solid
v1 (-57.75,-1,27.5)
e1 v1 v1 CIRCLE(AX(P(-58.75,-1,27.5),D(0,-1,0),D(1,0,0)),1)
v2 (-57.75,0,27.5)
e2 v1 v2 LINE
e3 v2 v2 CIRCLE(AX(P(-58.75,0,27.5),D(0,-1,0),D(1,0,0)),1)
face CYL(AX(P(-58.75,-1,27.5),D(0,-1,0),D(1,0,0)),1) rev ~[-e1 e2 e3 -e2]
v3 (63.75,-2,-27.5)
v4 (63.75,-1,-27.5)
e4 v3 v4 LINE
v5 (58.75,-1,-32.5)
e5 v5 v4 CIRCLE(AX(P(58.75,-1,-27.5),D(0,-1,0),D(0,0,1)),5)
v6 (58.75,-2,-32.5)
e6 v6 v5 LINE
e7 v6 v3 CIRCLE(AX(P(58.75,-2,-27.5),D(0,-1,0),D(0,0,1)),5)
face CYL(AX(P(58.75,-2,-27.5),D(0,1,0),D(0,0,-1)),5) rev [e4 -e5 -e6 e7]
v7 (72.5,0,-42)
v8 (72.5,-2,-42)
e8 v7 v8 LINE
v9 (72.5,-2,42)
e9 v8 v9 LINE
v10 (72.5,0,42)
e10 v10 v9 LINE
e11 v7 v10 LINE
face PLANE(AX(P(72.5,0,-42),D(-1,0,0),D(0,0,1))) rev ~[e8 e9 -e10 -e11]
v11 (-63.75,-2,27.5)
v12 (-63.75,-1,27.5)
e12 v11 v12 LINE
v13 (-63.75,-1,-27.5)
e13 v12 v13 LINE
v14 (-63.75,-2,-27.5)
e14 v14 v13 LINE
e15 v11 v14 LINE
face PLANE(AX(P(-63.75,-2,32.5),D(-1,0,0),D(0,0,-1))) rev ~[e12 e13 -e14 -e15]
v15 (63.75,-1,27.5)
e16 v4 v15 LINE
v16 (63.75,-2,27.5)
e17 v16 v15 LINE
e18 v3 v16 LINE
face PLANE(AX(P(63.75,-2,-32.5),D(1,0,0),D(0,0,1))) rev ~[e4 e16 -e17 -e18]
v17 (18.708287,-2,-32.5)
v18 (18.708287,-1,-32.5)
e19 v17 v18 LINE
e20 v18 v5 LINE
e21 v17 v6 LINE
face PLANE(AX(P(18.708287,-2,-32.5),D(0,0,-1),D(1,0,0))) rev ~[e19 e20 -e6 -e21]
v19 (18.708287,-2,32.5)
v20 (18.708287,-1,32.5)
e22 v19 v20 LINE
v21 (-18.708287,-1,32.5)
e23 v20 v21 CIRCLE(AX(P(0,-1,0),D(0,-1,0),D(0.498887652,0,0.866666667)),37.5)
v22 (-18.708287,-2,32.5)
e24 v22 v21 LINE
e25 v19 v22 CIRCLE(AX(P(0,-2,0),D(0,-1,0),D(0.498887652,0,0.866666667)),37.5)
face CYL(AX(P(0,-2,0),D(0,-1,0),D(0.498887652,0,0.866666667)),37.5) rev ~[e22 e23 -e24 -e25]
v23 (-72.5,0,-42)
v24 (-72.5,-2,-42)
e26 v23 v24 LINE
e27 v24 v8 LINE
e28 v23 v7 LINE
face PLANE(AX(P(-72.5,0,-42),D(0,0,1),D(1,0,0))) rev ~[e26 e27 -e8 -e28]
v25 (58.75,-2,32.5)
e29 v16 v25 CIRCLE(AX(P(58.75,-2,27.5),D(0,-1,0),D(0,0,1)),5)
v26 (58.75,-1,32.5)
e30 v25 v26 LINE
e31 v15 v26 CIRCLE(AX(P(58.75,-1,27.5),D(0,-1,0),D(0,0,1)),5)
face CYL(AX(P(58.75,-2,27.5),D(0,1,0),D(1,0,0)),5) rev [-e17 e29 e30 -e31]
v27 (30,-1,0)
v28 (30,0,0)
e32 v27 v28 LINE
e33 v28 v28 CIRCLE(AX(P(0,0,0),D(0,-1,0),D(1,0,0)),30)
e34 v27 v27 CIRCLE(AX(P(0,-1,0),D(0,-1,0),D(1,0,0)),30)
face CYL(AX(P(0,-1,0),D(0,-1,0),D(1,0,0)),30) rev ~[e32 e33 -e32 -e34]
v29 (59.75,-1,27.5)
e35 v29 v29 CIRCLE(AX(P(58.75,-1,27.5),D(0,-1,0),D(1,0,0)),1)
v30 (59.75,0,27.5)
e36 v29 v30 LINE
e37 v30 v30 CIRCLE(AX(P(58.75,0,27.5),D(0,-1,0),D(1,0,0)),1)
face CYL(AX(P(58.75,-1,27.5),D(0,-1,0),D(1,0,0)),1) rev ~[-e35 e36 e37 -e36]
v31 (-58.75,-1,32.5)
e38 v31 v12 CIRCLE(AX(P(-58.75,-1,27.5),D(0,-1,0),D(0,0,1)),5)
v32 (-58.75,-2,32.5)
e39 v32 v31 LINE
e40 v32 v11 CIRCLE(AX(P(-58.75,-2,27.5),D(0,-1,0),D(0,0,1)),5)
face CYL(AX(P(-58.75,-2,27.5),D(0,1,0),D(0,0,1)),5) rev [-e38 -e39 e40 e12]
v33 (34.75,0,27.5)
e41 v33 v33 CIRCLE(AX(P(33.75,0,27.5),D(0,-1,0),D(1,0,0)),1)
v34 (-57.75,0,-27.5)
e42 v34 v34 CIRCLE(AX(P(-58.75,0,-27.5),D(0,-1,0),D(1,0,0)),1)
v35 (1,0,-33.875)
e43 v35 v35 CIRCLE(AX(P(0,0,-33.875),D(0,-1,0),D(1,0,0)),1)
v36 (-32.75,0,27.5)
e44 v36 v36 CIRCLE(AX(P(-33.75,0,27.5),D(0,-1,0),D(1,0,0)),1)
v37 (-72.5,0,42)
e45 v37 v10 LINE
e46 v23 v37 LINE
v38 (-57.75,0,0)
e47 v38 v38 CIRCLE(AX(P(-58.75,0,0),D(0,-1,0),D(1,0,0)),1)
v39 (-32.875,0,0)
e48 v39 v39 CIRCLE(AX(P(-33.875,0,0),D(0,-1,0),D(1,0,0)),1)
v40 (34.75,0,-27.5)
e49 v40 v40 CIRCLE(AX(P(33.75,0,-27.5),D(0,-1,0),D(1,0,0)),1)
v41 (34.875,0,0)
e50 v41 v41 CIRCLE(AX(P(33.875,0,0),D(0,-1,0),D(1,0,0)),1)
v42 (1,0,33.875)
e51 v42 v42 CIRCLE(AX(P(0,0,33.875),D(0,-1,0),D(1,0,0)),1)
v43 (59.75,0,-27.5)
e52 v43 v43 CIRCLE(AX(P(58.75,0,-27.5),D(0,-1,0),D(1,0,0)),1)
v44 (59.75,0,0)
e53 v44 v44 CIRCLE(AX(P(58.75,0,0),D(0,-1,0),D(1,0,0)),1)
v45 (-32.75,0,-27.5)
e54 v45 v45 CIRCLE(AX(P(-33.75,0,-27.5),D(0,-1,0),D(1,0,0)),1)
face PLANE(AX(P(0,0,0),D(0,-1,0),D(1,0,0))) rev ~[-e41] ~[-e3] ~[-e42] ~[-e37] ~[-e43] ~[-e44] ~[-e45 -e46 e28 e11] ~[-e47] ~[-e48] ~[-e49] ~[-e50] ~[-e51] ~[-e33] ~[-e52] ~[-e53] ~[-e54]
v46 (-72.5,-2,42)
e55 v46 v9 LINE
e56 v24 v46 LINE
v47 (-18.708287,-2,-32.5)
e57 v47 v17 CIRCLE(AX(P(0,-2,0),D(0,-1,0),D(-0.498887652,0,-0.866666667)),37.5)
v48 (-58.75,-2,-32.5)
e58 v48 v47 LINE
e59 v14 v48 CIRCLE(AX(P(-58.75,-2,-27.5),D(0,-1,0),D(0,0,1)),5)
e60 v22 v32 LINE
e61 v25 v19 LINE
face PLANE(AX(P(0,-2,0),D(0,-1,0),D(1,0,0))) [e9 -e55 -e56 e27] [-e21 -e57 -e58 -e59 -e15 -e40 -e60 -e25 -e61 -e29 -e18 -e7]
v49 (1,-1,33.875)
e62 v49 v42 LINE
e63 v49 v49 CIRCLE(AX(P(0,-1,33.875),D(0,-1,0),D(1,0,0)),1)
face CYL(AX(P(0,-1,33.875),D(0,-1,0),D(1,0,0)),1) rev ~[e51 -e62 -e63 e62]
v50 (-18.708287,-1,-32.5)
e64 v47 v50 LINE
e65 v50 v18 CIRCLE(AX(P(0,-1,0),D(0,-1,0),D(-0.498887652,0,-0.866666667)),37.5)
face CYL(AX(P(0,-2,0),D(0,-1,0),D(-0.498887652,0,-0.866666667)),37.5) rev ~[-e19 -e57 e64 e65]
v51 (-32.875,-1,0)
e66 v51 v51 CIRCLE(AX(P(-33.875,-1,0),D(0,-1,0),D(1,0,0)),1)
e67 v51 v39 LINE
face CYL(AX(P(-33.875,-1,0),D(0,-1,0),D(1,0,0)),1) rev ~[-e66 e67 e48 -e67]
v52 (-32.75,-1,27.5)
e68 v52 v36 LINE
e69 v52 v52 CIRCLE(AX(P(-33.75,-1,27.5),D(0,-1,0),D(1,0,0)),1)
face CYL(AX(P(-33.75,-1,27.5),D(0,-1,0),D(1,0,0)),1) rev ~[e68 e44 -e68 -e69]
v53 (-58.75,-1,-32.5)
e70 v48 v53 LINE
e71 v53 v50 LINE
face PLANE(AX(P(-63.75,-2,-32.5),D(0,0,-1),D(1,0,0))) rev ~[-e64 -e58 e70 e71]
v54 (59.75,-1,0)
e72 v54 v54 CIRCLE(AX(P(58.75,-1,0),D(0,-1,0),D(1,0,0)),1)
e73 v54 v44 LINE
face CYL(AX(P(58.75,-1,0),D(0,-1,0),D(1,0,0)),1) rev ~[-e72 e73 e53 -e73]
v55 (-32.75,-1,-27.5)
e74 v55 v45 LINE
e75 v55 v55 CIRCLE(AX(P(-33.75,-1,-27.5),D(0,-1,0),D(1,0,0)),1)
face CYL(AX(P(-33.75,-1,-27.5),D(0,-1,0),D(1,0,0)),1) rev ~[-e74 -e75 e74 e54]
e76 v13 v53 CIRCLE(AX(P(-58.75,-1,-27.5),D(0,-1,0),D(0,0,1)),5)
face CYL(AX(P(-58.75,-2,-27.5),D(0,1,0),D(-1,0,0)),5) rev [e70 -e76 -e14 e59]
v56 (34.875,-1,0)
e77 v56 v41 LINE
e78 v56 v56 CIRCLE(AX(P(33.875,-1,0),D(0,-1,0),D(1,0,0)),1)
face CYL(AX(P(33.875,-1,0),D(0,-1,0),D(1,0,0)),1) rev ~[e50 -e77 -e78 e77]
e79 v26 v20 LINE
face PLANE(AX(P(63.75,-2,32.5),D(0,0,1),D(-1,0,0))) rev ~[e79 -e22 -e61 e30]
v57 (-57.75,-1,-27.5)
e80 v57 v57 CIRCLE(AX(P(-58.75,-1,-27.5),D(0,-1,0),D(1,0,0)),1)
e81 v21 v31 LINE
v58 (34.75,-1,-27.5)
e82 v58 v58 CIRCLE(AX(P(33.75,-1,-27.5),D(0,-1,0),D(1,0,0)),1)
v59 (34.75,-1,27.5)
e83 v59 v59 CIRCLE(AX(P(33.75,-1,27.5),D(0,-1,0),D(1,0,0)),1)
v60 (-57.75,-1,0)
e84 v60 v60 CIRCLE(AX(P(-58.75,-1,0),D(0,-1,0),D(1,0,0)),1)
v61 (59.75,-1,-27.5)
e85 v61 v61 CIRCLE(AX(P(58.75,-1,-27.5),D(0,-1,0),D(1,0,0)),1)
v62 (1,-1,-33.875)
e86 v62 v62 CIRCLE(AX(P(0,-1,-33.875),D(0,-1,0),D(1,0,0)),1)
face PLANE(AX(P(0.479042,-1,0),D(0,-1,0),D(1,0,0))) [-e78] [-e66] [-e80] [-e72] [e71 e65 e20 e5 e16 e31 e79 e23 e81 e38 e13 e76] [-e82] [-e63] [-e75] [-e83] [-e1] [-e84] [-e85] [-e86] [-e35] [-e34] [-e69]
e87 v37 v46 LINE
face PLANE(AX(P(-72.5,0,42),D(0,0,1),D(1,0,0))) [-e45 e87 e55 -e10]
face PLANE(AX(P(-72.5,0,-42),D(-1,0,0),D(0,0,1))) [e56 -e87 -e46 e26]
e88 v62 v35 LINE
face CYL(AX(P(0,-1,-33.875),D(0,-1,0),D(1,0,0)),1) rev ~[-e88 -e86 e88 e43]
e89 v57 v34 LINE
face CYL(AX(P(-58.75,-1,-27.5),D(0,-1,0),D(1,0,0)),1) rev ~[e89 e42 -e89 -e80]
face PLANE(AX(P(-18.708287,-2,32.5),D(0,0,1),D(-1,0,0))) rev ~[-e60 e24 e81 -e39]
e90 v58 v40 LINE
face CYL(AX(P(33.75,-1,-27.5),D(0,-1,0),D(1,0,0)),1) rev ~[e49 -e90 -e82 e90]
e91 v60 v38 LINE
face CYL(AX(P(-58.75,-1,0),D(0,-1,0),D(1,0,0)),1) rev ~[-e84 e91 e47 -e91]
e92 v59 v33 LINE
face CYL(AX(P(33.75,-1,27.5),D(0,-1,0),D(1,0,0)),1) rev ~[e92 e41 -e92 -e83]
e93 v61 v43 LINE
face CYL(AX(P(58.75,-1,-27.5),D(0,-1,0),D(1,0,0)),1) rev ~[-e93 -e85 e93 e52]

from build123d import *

# Parameters (mm, degrees)
F0_W     = 145
F0_H     = 84
F1_DEPTH = 2
F3_DEPTH = 1
F4_R     = 30
F5_DEPTH = 25
F6_R     = 1
F7_DEPTH = 25
F8_R     = 1
F9_DEPTH = 25
F10_R    = 5


with BuildPart() as f1:
    # F0 (on Front) → F1 (new body)
    with BuildSketch(Plane.XZ):
        Rectangle(F0_W, F0_H)
    extrude(amount=F1_DEPTH)

    # F2 (on face) → F3 (cut)
    with BuildSketch(Plane.XZ.offset(2)):
        with BuildLine():
            ThreePointArc((18.7082869339, -32.5), (32.4639088837, -18.7708449461), (37.5, 0))
            ThreePointArc((37.5, 0), (32.4639088837, 18.7708449461), (18.7082869339, 32.5))
            Line((18.7082869339, 32.5), (-18.7082869339, 32.5))
            ThreePointArc((-18.7082869339, 32.5), (-37.5, 0), (-18.7082869339, -32.5))
            Line((-18.7082869339, -32.5), (18.7082869339, -32.5))
        make_face()
        with BuildLine():
            ThreePointArc((18.7082869339, 32.5), (32.4639088837, 18.7708449461), (37.5, 0))
            ThreePointArc((37.5, 0), (32.4639088837, -18.7708449461), (18.7082869339, -32.5))
            Line((18.7082869339, -32.5), (63.75, -32.5))
            Line((63.75, -32.5), (63.75, 32.5))
            Line((63.75, 32.5), (18.7082869339, 32.5))
        make_face()
        with BuildLine():
            Line((-18.7082869339, 32.5), (18.7082869339, 32.5))
            ThreePointArc((18.7082869339, 32.5), (0, 37.5), (-18.7082869339, 32.5))
        make_face()
        with BuildLine():
            ThreePointArc((-18.7082869339, -32.5), (0, -37.5), (18.7082869339, -32.5))
            Line((18.7082869339, -32.5), (-18.7082869339, -32.5))
        make_face()
        with BuildLine():
            ThreePointArc((-18.7082869339, -32.5), (-37.5, 0), (-18.7082869339, 32.5))
            Line((-18.7082869339, 32.5), (-63.75, 32.5))
            Line((-63.75, 32.5), (-63.75, -32.5))
            Line((-63.75, -32.5), (-18.7082869339, -32.5))
        make_face()
    extrude(amount=-F3_DEPTH, mode=Mode.SUBTRACT)

    # F4 (on face) → F5 (cut)
    with BuildSketch(Plane.XZ.offset(1)):
        Circle(F4_R)
    extrude(amount=-F5_DEPTH, mode=Mode.SUBTRACT)

    # F6 (on face) → F7 (cut)
    with BuildSketch(Plane.XZ.offset(1)):
        with Locations((-58.75, 27.5)):
            Circle(F6_R)
        with Locations((-58.75, -27.5)):
            Circle(F6_R)
        with Locations((58.75, -27.5)):
            Circle(F6_R)
        with Locations((58.75, 27.5)):
            Circle(F6_R)
        with Locations((-58.75, 0)):
            Circle(F6_R)
        with Locations((58.75, 0)):
            Circle(F6_R)
        with Locations((-33.75, 27.5)):
            Circle(F6_R)
        with Locations((33.75, 27.5)):
            Circle(F6_R)
        with Locations((33.75, -27.5)):
            Circle(F6_R)
        with Locations((-33.75, -27.5)):
            Circle(F6_R)
    extrude(amount=-F7_DEPTH, mode=Mode.SUBTRACT)

    # F8 (on face) → F9 (cut)
    with BuildSketch(Plane.XZ.offset(1)):
        with Locations((0, 33.875)):
            Circle(F8_R)
        with Locations((33.875, 0)):
            Circle(F8_R)
        with Locations((-33.875, 0)):
            Circle(F8_R)
        with Locations((0, -33.875)):
            Circle(F8_R)
    extrude(amount=-F9_DEPTH, mode=Mode.SUBTRACT)

    # F10
    f10_edges = [f1.edges().sort_by_distance(p)[0] for p in [
        (-63.75, -1.5, 32.5),
        (-63.75, -1.5, -32.5),
        (63.75, -1.5, 32.5),
        (63.75, -1.5, -32.5),
    ]]
    fillet(f10_edges, radius=F10_R)


solid = f1.part
